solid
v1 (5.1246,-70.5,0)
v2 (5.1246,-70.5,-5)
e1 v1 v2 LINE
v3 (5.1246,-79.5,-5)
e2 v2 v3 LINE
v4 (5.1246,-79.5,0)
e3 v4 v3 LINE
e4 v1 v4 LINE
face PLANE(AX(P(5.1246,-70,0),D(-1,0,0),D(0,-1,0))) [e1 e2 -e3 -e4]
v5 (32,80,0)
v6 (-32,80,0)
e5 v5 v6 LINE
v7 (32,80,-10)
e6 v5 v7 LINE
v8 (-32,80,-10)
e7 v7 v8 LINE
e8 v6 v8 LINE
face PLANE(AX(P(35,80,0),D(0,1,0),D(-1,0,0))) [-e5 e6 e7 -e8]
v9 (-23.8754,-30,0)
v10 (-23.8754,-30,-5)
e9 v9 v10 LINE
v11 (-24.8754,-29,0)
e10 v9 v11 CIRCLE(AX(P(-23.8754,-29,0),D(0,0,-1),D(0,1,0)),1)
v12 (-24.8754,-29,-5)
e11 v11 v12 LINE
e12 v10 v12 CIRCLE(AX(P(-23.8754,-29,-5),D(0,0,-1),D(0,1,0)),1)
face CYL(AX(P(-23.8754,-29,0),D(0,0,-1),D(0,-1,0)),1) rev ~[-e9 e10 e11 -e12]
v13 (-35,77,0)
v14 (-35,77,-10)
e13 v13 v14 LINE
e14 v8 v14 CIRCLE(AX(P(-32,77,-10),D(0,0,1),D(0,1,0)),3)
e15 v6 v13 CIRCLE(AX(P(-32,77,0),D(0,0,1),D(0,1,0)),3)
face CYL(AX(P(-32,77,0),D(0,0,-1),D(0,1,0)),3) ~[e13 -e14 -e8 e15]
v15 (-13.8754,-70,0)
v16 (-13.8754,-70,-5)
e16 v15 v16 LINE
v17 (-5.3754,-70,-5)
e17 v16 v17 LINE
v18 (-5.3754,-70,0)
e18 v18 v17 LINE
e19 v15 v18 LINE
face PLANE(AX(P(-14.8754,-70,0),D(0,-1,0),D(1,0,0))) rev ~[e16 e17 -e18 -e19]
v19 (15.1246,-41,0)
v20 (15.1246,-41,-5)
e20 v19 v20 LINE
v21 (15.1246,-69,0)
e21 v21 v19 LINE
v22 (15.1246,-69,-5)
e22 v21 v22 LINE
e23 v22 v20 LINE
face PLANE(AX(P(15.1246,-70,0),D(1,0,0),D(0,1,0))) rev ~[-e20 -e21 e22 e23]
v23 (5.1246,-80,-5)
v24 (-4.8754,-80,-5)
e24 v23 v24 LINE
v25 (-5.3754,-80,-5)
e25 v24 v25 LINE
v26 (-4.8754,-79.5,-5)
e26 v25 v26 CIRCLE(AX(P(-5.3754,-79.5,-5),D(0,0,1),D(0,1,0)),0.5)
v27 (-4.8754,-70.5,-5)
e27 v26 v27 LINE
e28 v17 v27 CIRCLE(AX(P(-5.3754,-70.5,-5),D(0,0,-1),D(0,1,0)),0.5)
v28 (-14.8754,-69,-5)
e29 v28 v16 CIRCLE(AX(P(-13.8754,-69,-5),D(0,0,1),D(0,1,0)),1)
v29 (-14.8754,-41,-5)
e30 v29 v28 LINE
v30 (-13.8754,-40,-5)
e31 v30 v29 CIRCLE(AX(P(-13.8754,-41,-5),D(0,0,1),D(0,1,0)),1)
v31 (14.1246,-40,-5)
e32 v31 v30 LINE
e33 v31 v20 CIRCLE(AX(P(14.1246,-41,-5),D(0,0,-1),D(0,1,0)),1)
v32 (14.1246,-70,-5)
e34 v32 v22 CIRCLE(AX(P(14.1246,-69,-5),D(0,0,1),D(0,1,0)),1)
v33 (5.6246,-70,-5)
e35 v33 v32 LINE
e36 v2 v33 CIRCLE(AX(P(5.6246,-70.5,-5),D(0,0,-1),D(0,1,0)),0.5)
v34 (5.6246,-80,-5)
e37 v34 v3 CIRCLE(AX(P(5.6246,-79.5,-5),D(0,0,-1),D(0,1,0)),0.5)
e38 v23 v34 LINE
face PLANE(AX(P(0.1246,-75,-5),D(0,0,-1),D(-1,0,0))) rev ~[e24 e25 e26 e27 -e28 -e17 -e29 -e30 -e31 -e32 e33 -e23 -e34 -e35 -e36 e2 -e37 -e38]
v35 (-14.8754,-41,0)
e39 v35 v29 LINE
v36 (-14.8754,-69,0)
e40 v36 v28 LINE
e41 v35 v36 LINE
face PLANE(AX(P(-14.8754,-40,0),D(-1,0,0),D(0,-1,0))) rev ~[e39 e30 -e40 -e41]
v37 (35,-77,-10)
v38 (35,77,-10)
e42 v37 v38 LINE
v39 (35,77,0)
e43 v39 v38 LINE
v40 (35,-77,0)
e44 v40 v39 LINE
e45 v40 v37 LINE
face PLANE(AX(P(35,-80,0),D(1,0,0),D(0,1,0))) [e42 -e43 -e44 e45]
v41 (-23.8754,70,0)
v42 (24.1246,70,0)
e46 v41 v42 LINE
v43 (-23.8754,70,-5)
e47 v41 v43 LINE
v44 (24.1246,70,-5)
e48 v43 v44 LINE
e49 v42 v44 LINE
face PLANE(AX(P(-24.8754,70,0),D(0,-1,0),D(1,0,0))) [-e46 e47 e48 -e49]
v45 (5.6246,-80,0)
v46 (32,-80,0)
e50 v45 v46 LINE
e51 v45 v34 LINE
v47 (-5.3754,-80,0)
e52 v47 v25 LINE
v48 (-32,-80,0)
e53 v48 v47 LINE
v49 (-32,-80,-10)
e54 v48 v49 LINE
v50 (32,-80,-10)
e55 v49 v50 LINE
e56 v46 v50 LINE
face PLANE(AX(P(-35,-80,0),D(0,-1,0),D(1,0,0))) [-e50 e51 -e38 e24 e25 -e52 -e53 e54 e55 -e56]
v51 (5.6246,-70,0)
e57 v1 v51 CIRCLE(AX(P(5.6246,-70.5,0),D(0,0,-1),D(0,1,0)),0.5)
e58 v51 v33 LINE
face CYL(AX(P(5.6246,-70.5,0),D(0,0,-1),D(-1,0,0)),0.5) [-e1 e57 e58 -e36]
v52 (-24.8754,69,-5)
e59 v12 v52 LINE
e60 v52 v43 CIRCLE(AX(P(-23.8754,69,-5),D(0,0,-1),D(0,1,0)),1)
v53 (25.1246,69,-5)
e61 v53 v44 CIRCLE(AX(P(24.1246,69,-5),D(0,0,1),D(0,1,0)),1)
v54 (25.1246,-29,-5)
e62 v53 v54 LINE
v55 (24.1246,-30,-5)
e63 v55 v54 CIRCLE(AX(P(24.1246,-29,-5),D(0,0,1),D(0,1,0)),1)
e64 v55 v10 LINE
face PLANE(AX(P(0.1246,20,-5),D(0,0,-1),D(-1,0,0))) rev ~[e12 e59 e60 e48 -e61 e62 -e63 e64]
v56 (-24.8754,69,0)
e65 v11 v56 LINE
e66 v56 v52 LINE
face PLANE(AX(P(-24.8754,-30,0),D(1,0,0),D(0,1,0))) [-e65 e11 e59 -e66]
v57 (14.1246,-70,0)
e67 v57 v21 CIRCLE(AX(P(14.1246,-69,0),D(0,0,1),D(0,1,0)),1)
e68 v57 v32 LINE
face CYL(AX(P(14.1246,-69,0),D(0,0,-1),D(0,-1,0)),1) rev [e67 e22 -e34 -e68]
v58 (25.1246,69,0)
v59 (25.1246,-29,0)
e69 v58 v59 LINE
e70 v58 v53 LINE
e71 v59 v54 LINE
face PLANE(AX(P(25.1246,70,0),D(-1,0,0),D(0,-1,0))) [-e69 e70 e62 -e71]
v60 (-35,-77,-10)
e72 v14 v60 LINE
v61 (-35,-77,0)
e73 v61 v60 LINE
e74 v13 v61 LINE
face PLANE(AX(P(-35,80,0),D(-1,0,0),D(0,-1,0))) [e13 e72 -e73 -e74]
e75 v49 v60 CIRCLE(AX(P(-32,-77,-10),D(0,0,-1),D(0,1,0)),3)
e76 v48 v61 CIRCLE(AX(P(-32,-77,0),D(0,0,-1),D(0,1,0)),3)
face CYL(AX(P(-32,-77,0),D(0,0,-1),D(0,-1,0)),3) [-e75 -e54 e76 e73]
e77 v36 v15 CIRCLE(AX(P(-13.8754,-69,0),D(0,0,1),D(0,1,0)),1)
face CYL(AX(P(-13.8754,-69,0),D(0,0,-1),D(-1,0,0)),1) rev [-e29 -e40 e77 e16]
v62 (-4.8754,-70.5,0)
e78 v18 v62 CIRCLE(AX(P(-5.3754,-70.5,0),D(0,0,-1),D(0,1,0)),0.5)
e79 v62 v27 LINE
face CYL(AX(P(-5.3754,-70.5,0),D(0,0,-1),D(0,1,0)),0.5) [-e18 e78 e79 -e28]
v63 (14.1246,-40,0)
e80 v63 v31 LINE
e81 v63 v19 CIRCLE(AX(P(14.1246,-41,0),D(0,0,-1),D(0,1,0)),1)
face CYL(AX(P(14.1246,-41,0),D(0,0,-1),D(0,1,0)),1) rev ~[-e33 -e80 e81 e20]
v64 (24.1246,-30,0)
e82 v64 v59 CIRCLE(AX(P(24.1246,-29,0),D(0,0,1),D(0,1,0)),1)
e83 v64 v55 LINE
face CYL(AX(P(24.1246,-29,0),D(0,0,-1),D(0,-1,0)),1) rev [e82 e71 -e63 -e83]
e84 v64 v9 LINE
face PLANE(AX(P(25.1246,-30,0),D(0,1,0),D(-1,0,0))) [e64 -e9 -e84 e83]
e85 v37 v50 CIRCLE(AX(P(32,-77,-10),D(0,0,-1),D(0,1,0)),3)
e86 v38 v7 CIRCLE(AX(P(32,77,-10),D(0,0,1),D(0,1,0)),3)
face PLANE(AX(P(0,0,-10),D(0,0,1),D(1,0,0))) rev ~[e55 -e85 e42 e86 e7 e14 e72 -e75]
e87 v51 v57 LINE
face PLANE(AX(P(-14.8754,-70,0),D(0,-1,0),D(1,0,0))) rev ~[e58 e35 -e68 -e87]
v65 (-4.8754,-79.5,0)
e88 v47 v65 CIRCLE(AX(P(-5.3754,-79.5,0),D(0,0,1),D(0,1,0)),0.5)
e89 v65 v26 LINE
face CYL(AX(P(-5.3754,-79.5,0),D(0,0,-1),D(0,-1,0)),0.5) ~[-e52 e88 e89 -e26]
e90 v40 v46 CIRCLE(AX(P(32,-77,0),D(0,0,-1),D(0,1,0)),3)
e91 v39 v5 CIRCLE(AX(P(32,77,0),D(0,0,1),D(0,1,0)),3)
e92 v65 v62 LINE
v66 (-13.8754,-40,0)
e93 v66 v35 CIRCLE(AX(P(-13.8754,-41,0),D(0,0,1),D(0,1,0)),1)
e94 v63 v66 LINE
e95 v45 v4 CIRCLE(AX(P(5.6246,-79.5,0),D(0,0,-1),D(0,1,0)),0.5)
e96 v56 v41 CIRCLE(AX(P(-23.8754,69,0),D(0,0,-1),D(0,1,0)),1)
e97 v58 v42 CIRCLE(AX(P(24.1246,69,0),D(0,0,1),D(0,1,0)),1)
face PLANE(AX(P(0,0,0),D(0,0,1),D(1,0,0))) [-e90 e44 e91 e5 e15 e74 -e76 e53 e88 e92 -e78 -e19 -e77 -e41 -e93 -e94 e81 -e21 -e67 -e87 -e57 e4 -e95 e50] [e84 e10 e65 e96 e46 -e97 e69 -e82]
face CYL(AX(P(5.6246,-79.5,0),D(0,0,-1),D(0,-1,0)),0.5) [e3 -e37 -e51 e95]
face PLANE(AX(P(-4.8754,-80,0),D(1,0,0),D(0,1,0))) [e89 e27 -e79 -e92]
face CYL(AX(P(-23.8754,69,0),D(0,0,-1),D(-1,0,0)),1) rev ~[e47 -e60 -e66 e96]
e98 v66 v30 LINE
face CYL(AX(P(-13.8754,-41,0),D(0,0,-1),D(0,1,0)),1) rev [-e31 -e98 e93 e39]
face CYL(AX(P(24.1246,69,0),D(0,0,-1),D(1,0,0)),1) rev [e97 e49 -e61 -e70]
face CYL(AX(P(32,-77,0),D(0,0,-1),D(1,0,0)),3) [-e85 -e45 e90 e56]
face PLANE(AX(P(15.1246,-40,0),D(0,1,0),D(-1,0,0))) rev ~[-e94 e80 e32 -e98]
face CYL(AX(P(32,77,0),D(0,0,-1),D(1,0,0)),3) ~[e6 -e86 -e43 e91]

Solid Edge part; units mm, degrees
sketch "Sketch1" plane through (0, 0, 0) normal (0, 0, 1) x (1, 0, 0)
  line L0 (35, -80) -> (35, 80)
  line L1 (35, 80) -> (-35, 80)
  line L2 (-35, 80) -> (-35, -80)
  line L3 (-35, -80) -> (35, -80)
extrude "Protrusion1" add sketch "Sketch1" against normal blind 10
sketch "Sketch2" plane through (0, 0, 0) normal (0, 0, 1) x (1, 0, 0)
  line L0 (-24.8754, 70) -> (25.1246, 70)
  line L1 (25.1246, 70) -> (25.1246, -30)
  line L2 (25.1246, -30) -> (-24.8754, -30)
  line L3 (-24.8754, -30) -> (-24.8754, 70)
extrude "Recorte_Extrudado_1" cut sketch "Sketch2" against normal blind 5
sketch "Sketch3" plane through (0, 0, 0) normal (0, 0, 1) x (0, -1, 0)
  line L0 (40, 15.1246) -> (40, -14.8754)
  line L1 (40, -14.8754) -> (70, -14.8754)
  line L2 (70, -14.8754) -> (70, 15.1246)
  line L3 (70, 15.1246) -> (40, 15.1246)
extrude "Recorte_Extrudado_2" cut sketch "Sketch3" against normal blind 5
fillet "Redondo_1" radius 1 1 edges at (25.1246, -30, -2.5)
fillet "Redondo_2" radius 1 7 edges at (-24.8754, -30, -2.5) (25.1246, 70, -2.5) (-24.8754, 70, -2.5) (15.1246, -40, -2.5) (-14.8754, -40, -2.5) (15.1246, -70, -2.5) (-14.8754, -70, -2.5)
fillet "Redondo_3" radius 3 4 edges at (-35, -80, -5) (35, -80, -5) (35, 80, -5) (-35, 80, -5)
sketch "Sketch4" plane through (0, 0, 0) normal (0, 0, 1) x (1, 0, 0)
  line L0 (-4.8754, -80) -> (-4.8754, -70)
  line L1 (-4.8754, -70) -> (5.1246, -70)
  line L2 (5.1246, -70) -> (5.1246, -80)
  line L3 (5.1246, -80) -> (-4.8754, -80)
extrude "Recorte_Extrudado_3" cut sketch "Sketch4" against normal blind 5
fillet "Redondo_4" radius 0.5 4 edges at (5.1246, -70, -2.5) (-4.8754, -70, -2.5) (-4.8754, -80, -2.5) (5.1246, -80, -2.5)
